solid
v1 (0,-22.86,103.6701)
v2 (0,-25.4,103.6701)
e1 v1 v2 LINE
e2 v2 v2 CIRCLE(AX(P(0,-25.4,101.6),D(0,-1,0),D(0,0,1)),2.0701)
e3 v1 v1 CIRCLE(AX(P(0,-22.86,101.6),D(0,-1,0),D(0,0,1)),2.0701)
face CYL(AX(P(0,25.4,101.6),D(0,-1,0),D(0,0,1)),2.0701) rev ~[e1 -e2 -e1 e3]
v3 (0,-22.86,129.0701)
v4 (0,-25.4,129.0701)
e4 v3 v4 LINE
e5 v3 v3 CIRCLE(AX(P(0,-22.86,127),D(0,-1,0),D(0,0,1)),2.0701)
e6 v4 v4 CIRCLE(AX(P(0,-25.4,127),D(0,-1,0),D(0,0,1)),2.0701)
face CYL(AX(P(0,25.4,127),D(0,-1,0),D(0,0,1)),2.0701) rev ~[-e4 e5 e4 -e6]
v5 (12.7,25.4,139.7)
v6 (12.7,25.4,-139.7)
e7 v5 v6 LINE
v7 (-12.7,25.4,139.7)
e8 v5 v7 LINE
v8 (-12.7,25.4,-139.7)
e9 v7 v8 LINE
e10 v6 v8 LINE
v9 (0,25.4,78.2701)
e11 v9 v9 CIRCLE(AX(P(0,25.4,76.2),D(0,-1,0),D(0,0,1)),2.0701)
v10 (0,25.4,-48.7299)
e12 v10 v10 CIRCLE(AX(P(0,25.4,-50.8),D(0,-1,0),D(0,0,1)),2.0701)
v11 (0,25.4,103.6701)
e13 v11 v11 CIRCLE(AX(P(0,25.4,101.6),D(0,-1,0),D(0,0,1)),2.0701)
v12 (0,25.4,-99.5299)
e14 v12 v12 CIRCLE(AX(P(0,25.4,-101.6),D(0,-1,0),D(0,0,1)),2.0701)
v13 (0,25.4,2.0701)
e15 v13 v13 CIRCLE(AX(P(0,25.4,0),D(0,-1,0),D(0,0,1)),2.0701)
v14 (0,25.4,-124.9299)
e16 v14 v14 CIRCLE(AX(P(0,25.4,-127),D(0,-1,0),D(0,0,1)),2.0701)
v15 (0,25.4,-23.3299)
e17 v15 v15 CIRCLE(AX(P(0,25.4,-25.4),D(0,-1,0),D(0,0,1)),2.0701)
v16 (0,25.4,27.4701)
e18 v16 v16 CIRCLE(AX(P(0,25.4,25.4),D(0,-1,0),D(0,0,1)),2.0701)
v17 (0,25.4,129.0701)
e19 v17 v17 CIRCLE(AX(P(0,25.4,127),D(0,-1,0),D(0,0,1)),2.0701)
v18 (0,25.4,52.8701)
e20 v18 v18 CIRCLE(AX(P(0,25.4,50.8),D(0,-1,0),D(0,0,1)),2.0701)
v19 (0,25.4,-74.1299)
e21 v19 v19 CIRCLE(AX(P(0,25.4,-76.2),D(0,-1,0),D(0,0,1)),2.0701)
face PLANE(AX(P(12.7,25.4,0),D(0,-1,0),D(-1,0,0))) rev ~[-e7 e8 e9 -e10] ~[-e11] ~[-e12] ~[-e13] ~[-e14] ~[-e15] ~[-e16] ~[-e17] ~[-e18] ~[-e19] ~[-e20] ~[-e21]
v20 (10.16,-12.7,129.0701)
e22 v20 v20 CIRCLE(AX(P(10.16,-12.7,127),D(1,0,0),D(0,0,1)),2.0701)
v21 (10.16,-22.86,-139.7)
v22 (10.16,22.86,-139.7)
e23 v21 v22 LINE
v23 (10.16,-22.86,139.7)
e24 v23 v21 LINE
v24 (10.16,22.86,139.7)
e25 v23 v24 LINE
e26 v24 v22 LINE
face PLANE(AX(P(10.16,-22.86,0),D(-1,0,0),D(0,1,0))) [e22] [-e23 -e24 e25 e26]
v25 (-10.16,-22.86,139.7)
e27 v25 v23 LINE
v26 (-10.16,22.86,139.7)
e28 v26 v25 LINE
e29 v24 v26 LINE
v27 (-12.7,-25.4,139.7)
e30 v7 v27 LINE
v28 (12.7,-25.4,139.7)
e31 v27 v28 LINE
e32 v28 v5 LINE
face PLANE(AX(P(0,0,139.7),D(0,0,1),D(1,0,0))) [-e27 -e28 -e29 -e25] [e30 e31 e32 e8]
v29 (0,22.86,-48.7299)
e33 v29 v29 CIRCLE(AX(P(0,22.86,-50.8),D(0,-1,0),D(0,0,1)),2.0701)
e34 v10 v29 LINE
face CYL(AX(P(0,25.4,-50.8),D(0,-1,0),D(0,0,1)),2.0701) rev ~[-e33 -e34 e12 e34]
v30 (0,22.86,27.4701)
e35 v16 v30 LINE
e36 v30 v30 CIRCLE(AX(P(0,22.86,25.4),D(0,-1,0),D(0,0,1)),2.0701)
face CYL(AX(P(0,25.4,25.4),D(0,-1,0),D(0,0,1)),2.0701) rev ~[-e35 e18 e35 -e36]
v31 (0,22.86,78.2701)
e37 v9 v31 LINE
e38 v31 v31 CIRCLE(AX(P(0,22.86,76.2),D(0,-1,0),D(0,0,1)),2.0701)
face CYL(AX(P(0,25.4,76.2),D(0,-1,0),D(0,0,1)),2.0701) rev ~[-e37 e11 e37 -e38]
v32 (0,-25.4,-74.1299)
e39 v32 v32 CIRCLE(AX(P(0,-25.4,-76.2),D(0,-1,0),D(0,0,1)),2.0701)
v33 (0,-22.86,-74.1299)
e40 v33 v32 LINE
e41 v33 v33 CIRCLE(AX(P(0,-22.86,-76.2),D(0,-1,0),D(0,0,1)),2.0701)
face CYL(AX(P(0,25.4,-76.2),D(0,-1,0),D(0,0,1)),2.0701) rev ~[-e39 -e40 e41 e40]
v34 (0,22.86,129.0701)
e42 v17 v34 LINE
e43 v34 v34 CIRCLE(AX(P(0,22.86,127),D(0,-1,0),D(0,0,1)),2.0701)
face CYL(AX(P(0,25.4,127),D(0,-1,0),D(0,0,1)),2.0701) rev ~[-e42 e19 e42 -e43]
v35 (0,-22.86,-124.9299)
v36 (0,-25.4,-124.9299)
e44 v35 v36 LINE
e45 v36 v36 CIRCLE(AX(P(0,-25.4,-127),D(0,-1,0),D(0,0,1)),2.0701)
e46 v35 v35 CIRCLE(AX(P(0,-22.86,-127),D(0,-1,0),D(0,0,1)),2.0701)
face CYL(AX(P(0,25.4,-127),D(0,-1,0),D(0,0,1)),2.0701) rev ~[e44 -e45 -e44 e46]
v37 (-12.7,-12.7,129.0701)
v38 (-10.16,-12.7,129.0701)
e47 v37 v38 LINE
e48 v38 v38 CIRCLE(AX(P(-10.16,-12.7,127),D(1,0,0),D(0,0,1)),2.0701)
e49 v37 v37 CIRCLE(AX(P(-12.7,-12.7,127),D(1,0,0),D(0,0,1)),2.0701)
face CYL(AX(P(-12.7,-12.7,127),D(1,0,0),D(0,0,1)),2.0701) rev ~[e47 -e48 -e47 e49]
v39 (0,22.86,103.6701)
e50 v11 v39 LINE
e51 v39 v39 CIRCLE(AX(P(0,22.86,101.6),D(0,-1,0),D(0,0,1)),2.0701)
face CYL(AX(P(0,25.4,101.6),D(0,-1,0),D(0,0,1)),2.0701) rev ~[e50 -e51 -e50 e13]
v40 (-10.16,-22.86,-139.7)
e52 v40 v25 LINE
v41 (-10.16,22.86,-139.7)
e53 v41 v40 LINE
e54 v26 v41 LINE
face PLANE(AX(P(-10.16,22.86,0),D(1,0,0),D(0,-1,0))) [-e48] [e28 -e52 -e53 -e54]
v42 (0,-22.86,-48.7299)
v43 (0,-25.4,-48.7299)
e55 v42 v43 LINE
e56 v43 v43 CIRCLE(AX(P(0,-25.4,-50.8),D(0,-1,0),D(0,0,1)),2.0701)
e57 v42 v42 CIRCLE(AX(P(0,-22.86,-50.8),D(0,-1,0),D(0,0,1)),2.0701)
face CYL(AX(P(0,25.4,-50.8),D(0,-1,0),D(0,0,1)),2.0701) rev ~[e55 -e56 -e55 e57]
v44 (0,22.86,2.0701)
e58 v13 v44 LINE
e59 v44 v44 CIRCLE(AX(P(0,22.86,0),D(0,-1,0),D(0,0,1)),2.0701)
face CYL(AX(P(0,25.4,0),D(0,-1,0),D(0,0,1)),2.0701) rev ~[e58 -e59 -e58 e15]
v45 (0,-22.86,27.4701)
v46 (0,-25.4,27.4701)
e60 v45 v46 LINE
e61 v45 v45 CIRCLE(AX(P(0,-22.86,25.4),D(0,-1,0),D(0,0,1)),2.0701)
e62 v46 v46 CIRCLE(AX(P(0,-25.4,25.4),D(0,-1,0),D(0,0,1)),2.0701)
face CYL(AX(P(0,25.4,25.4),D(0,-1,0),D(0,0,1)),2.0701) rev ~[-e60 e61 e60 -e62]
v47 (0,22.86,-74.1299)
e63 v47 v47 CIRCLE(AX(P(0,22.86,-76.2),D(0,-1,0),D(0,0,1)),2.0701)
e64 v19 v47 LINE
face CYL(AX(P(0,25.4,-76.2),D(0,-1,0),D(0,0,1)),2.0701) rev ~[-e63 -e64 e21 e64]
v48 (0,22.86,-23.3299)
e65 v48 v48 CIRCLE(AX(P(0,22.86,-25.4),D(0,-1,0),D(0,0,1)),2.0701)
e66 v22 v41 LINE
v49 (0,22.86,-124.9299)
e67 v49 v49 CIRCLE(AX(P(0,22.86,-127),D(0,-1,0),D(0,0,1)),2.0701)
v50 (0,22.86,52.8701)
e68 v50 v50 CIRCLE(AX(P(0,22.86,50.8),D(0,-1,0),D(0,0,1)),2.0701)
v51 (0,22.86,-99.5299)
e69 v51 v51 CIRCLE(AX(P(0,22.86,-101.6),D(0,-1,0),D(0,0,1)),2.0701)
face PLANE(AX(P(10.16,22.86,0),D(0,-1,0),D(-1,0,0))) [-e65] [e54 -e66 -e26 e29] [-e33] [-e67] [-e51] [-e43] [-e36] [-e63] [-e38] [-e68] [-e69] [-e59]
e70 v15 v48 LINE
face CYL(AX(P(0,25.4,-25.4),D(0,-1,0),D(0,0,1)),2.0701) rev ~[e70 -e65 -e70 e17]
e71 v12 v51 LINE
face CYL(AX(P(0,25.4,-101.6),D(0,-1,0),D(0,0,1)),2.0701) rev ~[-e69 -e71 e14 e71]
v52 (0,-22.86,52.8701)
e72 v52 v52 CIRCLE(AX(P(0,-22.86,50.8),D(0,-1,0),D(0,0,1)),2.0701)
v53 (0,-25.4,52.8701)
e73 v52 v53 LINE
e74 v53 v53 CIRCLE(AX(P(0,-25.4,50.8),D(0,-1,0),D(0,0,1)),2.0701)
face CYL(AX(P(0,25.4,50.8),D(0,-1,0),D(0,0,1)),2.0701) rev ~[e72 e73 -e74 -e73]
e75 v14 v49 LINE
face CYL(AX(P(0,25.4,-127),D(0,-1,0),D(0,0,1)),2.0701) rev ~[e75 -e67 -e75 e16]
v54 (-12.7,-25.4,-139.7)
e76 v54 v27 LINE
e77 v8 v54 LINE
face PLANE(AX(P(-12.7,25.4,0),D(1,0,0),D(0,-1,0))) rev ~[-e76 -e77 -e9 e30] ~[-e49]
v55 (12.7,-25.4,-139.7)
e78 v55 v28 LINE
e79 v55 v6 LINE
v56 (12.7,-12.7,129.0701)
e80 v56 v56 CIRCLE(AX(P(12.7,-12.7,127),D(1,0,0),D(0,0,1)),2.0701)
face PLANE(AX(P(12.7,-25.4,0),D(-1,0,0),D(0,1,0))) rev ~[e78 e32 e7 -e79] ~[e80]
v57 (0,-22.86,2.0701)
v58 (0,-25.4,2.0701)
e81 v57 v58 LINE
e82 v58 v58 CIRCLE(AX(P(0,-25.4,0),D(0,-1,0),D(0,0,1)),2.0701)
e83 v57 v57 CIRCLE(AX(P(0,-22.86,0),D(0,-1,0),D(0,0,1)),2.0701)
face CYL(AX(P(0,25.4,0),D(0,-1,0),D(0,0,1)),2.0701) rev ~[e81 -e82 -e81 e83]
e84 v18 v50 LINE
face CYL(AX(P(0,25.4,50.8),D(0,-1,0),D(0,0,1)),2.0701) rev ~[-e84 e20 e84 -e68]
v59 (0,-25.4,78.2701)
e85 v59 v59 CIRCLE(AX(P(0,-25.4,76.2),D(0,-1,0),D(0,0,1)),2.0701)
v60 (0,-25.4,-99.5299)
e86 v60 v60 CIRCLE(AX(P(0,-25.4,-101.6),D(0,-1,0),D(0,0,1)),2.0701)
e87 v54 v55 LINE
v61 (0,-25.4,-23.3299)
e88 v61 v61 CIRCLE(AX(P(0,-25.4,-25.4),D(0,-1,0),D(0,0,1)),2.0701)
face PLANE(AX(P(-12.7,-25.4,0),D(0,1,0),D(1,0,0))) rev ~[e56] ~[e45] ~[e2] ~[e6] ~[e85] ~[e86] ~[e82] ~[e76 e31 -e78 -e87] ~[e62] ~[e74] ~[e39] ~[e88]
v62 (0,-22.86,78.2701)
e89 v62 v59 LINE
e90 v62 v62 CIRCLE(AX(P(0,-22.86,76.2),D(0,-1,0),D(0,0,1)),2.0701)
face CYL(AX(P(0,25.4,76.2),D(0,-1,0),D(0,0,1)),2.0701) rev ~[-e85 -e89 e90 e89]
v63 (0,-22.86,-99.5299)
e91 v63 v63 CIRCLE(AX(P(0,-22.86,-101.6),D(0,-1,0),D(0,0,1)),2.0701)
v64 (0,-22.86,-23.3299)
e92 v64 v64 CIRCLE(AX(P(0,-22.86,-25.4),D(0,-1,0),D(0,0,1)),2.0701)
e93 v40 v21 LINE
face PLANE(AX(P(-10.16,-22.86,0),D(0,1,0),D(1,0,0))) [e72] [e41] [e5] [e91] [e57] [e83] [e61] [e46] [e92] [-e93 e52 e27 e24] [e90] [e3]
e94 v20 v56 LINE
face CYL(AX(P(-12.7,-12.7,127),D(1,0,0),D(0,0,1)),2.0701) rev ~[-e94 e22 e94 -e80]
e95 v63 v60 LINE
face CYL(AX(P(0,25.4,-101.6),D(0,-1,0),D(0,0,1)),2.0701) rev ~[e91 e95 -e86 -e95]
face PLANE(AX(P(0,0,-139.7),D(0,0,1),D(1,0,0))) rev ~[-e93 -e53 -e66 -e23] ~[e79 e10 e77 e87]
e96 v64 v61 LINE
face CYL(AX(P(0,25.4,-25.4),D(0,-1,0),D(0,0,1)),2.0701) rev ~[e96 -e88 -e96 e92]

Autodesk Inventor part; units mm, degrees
ref_plane "YZ Plane" through (0, 0, 0) normal (1, 0, 0) x (0, 1, 0)
ref_plane "XZ Plane" through (0, 0, 0) normal (0, 1, 0) x (-1, 0, 0)
ref_plane "XY Plane" through (0, 0, 0) normal (0, 0, 1) x (1, 0, 0)
sketch "Sketch1" plane through (0, 0, 0) normal (0, 0, 1) x (1, 0, 0)
  line L0 (-12.7, -25.4) -> (12.7, -25.4)
  line L1 (12.7, -25.4) -> (12.7, 25.4)
  line L2 (12.7, 25.4) -> (-12.7, 25.4)
  line L3 (-12.7, 25.4) -> (-12.7, -25.4)
  line L4 (-12.7, -25.4) -> (12.7, 25.4) construction
  line L5 (12.7, -25.4) -> (-12.7, 25.4) construction
  line L6 (-10.16, -22.86) -> (10.16, -22.86)
  line L7 (10.16, -22.86) -> (10.16, 22.86)
  line L8 (10.16, 22.86) -> (-10.16, 22.86)
  line L9 (-10.16, 22.86) -> (-10.16, -22.86)
  line L10 (-10.16, -22.86) -> (10.16, 22.86) construction
  line L11 (10.16, -22.86) -> (-10.16, 22.86) construction
  point P0 (0, 0)
  dimension "d0" = 25.4
  dimension "d1" = 50.8
  dimension "d2" = 20.32
  dimension "d3" = 45.72
extrude "Extrusion1" add sketch "Sketch1" along normal mid plane 279.4
sketch "Sketch2" plane through (-12.7, 25.4, 139.7) normal (0, 1, 0) x (1, 0, 0)
  line L0 (25.4, 279.4) -> (25.4, 0) projected
  line L1 (25.4, 0) -> (0, 0) projected
  point P0 (12.7, 139.7)
  point P1 (12.7, 12.7)
  dimension "d6" = 12.7
  dimension "d7" = 12.7
hole "Hole1" at (0, 25.4, 127) direction (0, -1, 0) diameter 4.1402 end through all
pattern_linear "Rectangular Pattern1" count 11 spacing 25.4 along (0, 0, -1) of "Hole1"
sketch "Sketch3" plane through (-12.7, -25.4, 139.7) normal (-1, 0, 0) x (0, 0, 1)
  line L0 (0, 0) -> (-279.4, 0) projected
  line L1 (0, 50.8) -> (0, 0) projected
  point P0 (-139.7, 25.4)
  point P1 (-12.7, 12.7)
  dimension "d18" = 12.7
  dimension "d19" = 12.7
hole "Hole2" at (-12.7, -12.7, 127) direction (1, 0, 0) diameter 4.1402 end through all
properties part number "Outtake_vertical_frame"
